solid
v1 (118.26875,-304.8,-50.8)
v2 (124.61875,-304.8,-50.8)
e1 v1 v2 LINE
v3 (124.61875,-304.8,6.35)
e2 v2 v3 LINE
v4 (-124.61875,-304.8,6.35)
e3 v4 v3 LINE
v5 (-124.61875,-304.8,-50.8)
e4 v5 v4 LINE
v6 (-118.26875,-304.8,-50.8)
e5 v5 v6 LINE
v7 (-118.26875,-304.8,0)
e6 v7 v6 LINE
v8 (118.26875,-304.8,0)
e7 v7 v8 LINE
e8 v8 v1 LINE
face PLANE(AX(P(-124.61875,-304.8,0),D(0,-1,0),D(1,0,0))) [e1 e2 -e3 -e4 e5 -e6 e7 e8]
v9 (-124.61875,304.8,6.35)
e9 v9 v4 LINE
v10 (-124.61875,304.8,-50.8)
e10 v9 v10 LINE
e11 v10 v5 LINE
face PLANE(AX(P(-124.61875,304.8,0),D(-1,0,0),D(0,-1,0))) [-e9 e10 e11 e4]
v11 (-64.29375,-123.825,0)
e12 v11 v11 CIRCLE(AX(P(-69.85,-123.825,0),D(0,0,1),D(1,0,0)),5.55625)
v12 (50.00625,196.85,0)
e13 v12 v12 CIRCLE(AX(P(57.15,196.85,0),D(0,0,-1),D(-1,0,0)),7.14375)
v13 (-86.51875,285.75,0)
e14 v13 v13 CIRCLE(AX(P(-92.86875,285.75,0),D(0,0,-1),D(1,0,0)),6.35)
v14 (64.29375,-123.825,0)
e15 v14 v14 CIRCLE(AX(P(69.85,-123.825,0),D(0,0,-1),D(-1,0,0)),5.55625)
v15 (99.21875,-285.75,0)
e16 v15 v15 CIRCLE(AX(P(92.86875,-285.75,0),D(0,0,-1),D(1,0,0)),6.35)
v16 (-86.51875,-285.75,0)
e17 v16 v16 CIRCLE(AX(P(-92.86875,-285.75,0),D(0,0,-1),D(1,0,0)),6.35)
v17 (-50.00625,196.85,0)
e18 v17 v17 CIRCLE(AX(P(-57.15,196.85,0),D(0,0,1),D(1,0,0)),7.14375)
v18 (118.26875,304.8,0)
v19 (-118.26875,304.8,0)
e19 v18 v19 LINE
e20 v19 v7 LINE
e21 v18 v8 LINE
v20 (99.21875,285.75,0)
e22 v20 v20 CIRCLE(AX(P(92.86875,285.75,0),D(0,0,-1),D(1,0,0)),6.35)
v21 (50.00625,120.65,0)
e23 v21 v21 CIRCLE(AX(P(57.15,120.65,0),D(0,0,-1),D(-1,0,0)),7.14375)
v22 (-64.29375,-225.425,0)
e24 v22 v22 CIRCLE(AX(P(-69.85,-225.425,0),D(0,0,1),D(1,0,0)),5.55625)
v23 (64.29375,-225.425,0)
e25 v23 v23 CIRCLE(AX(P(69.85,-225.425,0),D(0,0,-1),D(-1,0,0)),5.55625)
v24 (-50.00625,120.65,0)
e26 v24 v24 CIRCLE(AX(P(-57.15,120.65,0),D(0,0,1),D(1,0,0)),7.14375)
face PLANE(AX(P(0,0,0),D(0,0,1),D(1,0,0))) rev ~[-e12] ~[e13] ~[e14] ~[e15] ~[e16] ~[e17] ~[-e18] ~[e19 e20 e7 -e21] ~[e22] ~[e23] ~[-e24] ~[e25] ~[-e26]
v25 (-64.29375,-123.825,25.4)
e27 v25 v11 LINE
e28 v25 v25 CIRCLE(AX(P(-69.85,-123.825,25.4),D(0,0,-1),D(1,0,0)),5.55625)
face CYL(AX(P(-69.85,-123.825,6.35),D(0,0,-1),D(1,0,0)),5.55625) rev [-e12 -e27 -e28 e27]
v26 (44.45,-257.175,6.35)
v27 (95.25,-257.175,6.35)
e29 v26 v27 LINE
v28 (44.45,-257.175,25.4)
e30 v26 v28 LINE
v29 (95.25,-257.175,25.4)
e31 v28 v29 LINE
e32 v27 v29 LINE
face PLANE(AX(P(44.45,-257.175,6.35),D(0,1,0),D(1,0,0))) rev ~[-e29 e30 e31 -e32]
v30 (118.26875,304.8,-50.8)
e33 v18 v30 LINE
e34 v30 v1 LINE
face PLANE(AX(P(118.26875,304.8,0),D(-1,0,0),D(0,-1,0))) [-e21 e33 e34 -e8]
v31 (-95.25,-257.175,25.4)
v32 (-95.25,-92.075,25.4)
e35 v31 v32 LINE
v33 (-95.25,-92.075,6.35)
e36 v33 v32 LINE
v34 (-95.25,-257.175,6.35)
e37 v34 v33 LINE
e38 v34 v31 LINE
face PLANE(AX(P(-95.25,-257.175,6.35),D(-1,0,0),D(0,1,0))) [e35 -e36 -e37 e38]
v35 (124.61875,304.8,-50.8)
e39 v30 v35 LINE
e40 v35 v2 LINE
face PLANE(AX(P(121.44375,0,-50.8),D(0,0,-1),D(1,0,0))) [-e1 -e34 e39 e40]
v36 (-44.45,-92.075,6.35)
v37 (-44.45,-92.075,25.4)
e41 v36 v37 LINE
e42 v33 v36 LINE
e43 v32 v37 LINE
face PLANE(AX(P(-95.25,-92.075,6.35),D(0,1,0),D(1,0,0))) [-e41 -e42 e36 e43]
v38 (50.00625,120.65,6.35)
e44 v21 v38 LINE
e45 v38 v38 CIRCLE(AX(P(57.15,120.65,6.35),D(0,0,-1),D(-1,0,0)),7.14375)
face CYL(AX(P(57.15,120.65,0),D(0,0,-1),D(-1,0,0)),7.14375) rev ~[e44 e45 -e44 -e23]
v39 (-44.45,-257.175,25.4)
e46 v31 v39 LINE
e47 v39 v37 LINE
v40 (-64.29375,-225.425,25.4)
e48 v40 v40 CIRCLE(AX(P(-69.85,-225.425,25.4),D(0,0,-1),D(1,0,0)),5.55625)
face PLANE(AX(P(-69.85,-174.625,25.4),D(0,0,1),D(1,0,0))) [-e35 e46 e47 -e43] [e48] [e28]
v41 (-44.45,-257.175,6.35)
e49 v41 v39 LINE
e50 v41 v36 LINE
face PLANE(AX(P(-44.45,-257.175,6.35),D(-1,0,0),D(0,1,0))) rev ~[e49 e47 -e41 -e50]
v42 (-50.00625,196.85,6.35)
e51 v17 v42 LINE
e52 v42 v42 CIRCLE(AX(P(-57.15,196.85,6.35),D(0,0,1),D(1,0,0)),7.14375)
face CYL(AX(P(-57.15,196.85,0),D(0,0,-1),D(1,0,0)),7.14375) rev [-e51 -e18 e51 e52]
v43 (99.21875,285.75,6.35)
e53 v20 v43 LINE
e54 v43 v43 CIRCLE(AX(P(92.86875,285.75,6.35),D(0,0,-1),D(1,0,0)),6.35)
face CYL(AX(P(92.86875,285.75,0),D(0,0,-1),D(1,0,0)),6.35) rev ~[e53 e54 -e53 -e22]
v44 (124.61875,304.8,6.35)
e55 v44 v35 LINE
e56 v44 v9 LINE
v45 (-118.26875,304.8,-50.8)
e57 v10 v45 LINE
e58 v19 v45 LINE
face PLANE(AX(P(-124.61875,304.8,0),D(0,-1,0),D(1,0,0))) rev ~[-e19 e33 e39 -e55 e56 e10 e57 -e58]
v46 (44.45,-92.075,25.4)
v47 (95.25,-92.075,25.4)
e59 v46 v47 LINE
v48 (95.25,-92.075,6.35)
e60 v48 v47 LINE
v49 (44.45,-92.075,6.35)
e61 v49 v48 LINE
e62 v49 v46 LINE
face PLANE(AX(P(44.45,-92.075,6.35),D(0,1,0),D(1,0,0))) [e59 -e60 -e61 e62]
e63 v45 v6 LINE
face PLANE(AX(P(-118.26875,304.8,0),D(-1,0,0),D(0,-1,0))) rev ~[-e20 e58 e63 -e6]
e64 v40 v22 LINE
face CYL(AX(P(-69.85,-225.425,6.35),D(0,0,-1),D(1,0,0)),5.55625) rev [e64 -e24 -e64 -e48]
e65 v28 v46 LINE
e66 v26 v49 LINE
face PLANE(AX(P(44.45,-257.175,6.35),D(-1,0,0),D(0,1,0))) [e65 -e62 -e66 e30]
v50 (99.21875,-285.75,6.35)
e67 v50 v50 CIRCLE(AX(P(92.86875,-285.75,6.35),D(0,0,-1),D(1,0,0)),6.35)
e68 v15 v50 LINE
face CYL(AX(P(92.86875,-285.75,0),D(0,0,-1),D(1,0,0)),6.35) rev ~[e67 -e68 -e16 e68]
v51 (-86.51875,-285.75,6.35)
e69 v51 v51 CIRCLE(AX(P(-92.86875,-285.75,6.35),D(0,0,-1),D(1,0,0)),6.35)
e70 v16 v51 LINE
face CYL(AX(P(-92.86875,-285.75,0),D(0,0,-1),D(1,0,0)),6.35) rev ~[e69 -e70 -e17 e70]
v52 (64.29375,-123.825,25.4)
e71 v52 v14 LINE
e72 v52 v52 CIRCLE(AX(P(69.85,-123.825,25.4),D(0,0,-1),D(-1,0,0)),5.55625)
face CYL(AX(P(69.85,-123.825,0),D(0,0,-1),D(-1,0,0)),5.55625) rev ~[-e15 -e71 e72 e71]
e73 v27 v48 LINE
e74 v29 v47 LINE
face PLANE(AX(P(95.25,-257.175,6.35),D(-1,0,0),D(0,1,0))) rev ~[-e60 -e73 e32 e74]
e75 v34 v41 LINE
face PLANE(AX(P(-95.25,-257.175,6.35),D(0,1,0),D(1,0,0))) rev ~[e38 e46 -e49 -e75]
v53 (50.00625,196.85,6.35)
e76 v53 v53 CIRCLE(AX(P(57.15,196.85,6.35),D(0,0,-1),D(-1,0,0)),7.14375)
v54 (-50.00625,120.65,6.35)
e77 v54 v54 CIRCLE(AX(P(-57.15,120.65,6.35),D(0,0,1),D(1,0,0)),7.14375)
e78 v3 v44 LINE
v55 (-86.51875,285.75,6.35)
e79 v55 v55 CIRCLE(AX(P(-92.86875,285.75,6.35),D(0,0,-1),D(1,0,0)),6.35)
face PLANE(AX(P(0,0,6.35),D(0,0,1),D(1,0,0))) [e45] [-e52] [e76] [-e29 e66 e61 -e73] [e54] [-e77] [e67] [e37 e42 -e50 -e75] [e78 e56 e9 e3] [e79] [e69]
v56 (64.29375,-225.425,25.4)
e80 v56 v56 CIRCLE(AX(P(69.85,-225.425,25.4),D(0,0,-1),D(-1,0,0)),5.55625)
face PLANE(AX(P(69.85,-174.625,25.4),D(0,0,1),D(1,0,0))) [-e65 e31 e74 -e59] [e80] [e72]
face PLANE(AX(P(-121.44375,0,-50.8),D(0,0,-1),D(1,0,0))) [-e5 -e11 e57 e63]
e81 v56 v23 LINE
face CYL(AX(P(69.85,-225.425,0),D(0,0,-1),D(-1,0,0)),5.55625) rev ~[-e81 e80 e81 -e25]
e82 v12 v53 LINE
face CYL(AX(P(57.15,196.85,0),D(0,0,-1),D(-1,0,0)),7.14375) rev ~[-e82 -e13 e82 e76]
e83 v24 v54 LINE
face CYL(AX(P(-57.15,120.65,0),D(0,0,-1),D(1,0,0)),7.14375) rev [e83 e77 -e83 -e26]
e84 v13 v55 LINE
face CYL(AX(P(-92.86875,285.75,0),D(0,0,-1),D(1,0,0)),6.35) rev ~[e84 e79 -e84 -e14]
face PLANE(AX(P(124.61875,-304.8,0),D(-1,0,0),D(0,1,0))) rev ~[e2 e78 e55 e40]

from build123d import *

# Parameters (mm, degrees)
F0_R     = 5.55625
F0_R_2   = 7.14375
F1_DEPTH = 6.35
F2_W     = 6.35
F2_H     = 609.6
F3_DEPTH = 50.8
F4_W     = 50.8
F4_H     = 165.1
F5_DEPTH = 19.05
F6_DEPTH = 25.4
F7_R     = 6.35
F8_DEPTH = 25.4


with BuildPart() as f1:
    # F0 (on Top) → F1 (new body)
    with BuildSketch(Plane.XY):
        Polygon((-124.61875, 304.8), (-124.61875, -304.8), (124.61875, -304.8), (124.61875, 304.8), (0, 304.8), align=None)
        with Locations((-69.85, -225.425)):
            Circle(F0_R, mode=Mode.SUBTRACT)
        with Locations((-69.85, -123.825)):
            Circle(F0_R, mode=Mode.SUBTRACT)
        with BuildLine():
            ThreePointArc((75.40625, -225.425), (69.85, -230.98125), (64.29375, -225.425))
            ThreePointArc((64.29375, -225.425), (69.85, -219.86875), (75.40625, -225.425))
        make_face(mode=Mode.SUBTRACT)
        with BuildLine():
            ThreePointArc((75.40625, -123.825), (69.85, -129.38125), (64.29375, -123.825))
            ThreePointArc((64.29375, -123.825), (69.85, -118.26875), (75.40625, -123.825))
        make_face(mode=Mode.SUBTRACT)
        with Locations((-57.15, 120.65)):
            Circle(F0_R_2, mode=Mode.SUBTRACT)
        with Locations((-57.15, 196.85)):
            Circle(F0_R_2, mode=Mode.SUBTRACT)
        with BuildLine():
            ThreePointArc((64.29375, 120.65), (57.15, 113.50625), (50.00625, 120.65))
            ThreePointArc((50.00625, 120.65), (57.15, 127.79375), (64.29375, 120.65))
        make_face(mode=Mode.SUBTRACT)
        with BuildLine():
            ThreePointArc((64.29375, 196.85), (57.15, 189.70625), (50.00625, 196.85))
            ThreePointArc((50.00625, 196.85), (57.15, 203.99375), (64.29375, 196.85))
        make_face(mode=Mode.SUBTRACT)
    extrude(amount=F1_DEPTH)

    # F2 (on face) → F3 (join)
    with BuildSketch(Plane(origin=(0, 0, 0), x_dir=(1, 0, 0), z_dir=(0, 0, -1))):
        with Locations((-121.44375, 0)):
            Rectangle(F2_W, F2_H)
        with Locations((121.44375, 0)):
            Rectangle(F2_W, F2_H)
    extrude(amount=F3_DEPTH)

    # F4 (on face) → F5 (join)
    with BuildSketch(Plane.XY.offset(6.35)):
        with Locations((-69.85, -174.625)):
            Rectangle(F4_W, F4_H)
        with Locations((69.85, -174.625)):
            Rectangle(F4_W, F4_H)
    extrude(amount=F5_DEPTH)

    # F6 (cut): faces of the model
    f6_faces = [f1.faces().sort_by_distance(p)[0] for p in [
        (-69.85, -123.825, 6.35),
        (-69.85, -225.425, 6.35),
        (69.85, -225.425, 6.35),
        (69.85, -123.825, 6.35),
    ]]
    extrude(f6_faces, amount=-F6_DEPTH, mode=Mode.SUBTRACT)

    # F7 (on face) → F8 (cut)
    with BuildSketch(Plane(origin=(0, 0, 0), x_dir=(1, 0, 0), z_dir=(0, 0, -1))):
        with Locations((-92.86875, 285.75)):
            Circle(F7_R)
        with Locations((92.86875, 285.75)):
            Circle(F7_R)
        with Locations((92.86875, -285.75)):
            Circle(F7_R)
        with Locations((-92.86875, -285.75)):
            Circle(F7_R)
    extrude(amount=-F8_DEPTH, mode=Mode.SUBTRACT)


solid = f1.part
